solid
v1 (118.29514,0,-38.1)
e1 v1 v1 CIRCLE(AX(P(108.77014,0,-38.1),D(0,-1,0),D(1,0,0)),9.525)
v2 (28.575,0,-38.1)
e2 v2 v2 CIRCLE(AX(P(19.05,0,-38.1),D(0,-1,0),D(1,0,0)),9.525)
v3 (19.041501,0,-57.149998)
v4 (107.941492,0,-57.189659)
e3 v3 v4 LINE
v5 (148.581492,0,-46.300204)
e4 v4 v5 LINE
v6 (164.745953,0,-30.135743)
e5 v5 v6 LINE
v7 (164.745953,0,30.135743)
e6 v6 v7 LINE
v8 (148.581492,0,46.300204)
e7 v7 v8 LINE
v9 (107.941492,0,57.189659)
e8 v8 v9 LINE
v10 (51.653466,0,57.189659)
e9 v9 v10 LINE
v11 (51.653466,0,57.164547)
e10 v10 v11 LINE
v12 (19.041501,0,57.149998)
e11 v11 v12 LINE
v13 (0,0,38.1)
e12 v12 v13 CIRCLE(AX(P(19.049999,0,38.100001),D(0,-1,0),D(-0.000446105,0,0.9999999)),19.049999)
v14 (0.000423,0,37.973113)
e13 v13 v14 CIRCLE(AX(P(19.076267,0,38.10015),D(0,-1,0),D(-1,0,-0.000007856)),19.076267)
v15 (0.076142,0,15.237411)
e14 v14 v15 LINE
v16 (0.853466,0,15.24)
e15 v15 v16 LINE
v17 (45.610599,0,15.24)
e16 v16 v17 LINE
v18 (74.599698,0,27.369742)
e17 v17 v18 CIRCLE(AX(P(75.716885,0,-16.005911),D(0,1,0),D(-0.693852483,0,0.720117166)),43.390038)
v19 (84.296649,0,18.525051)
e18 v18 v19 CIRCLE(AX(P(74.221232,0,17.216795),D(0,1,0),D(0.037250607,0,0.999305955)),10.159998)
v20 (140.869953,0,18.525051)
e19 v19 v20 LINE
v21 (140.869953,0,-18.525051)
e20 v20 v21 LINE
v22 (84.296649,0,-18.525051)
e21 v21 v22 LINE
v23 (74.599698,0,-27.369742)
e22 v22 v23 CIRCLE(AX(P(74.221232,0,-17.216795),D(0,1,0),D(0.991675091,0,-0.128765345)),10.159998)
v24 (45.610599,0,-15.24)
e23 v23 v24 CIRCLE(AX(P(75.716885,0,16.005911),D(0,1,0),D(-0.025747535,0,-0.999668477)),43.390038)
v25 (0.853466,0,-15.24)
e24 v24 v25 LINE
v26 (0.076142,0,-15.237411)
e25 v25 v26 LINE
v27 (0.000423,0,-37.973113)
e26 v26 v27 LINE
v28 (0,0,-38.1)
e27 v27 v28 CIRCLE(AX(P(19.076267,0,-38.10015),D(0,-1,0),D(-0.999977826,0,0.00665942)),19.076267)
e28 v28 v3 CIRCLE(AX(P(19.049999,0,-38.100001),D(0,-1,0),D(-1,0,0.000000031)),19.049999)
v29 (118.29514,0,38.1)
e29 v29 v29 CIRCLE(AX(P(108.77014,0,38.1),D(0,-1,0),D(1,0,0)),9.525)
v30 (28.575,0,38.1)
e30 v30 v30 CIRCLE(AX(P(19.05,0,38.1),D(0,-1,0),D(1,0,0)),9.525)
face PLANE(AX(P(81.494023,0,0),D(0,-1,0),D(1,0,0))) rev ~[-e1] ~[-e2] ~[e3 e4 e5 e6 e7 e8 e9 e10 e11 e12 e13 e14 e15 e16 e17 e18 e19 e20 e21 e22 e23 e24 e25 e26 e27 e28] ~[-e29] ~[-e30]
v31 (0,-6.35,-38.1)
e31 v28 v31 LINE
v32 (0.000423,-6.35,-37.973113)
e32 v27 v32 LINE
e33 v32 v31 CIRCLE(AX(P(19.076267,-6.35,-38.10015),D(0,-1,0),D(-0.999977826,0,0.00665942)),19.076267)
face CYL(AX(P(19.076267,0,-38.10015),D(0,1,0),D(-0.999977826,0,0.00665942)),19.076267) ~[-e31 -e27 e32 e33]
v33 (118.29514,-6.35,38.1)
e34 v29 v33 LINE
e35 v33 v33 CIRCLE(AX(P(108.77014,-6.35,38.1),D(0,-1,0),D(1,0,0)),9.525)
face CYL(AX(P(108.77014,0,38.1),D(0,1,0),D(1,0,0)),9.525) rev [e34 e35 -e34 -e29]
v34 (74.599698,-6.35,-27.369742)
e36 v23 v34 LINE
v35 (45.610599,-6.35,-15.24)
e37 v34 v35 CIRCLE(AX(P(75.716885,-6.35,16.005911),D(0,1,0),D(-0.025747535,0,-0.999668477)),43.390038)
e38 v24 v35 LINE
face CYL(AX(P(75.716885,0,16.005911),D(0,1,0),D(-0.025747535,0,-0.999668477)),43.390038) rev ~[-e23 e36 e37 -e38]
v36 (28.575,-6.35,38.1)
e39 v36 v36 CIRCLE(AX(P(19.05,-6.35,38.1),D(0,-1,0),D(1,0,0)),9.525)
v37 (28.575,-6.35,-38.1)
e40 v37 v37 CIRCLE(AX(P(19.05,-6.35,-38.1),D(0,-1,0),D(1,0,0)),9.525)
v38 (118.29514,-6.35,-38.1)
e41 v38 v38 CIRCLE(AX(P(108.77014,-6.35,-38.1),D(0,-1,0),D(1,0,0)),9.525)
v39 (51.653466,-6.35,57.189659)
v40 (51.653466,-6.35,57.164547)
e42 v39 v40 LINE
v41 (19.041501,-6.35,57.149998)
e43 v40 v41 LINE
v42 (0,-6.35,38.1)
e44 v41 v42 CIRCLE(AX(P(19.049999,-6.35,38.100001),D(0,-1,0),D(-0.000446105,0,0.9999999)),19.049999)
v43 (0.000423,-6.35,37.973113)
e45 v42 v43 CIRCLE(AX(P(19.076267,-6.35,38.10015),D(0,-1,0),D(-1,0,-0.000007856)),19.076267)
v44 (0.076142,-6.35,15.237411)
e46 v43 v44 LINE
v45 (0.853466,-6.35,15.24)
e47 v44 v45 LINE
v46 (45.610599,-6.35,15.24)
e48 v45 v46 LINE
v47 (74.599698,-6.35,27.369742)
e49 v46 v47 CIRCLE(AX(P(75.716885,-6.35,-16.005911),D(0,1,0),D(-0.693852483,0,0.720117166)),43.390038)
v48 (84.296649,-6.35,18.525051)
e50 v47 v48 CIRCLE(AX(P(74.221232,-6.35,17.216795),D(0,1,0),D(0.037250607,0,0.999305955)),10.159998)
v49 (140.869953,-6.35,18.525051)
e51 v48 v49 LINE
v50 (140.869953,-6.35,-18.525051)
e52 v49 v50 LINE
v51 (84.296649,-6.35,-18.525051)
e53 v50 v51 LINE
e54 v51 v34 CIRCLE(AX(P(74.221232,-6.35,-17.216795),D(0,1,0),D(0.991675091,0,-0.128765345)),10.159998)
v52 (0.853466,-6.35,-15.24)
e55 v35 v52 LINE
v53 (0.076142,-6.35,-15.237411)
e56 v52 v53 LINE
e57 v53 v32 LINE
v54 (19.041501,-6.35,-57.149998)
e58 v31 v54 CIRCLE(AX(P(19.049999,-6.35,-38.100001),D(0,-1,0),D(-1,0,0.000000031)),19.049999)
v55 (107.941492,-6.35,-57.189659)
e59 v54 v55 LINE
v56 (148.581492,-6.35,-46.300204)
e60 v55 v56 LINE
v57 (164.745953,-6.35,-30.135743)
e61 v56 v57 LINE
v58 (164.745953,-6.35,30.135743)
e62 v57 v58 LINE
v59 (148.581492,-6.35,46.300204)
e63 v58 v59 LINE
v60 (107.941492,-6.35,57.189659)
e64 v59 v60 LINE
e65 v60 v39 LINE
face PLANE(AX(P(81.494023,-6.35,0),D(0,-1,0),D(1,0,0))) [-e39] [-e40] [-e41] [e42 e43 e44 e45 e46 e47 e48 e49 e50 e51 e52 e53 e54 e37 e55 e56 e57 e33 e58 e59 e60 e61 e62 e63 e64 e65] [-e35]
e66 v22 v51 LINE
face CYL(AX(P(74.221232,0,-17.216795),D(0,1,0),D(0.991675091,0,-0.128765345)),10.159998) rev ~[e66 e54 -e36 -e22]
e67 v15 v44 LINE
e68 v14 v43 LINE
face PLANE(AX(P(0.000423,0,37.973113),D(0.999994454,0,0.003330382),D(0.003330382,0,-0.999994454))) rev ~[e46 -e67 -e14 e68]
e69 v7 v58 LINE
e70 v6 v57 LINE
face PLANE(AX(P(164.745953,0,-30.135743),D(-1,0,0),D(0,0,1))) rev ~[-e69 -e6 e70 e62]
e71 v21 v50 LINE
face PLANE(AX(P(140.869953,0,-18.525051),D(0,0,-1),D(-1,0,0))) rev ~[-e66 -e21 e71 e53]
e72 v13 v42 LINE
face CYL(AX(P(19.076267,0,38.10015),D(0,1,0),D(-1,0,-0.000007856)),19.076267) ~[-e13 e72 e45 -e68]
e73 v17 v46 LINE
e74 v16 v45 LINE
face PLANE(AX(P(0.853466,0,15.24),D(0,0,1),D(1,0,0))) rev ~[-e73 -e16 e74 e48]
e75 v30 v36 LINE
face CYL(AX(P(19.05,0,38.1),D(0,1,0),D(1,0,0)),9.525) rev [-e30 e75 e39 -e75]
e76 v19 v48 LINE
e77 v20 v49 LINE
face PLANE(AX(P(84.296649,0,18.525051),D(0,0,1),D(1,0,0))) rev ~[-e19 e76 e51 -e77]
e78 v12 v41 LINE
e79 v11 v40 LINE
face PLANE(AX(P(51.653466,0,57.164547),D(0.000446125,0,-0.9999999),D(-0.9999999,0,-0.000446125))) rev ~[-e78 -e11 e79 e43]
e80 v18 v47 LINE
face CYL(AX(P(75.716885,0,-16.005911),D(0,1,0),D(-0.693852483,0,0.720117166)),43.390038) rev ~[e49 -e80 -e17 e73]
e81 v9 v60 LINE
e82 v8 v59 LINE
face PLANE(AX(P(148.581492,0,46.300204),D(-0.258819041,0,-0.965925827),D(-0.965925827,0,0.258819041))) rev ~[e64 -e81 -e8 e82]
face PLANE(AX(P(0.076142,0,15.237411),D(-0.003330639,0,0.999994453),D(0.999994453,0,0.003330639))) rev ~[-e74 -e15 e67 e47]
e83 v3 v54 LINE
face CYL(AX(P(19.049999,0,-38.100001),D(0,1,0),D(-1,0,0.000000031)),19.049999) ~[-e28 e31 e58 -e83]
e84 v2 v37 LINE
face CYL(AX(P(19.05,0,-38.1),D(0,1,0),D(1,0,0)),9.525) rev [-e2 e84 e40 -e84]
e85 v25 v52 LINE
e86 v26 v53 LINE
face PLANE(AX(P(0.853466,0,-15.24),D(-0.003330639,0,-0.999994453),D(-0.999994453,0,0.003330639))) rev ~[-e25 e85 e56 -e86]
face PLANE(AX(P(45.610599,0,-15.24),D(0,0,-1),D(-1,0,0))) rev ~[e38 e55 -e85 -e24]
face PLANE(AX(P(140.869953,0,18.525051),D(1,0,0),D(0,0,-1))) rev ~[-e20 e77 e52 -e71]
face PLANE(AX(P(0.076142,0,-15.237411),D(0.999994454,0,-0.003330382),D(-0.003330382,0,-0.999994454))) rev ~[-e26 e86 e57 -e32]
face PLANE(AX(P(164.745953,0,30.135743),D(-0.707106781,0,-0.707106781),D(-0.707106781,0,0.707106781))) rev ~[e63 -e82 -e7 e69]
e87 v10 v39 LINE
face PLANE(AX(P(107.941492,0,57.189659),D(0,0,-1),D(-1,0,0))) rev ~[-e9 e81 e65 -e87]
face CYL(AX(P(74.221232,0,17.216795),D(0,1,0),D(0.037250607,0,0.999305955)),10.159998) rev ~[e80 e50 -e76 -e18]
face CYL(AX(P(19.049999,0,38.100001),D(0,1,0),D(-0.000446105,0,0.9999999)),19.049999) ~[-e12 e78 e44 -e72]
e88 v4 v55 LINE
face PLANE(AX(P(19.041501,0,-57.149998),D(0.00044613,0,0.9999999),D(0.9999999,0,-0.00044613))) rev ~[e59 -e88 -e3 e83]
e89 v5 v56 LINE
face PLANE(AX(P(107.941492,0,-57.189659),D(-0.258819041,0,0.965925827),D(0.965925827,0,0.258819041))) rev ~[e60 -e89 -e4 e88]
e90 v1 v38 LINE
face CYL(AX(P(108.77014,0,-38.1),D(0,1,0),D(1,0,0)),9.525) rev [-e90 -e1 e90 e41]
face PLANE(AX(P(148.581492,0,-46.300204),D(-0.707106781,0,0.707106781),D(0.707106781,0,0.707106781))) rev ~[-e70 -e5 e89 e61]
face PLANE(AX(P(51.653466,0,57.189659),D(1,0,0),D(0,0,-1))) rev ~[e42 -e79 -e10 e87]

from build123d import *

# Parameters (mm, degrees)
F0_R     = 9.525
F1_DEPTH = 6.35


with BuildPart() as f1:
    # F0 (on Front) → F1 (new body)
    with BuildSketch(Plane.XZ):
        with BuildLine():
            Line((0.076142, 15.237411), (0.853466, 15.24))
            Line((0.853466, 15.24), (45.610599, 15.24))
            ThreePointArc((45.610599, 15.24), (58.968483, 24.02141), (74.599698, 27.369742))
            ThreePointArc((74.599698, 27.369742), (81.067987, 24.723293), (84.296649, 18.525051))
            Line((84.296649, 18.525051), (140.869953, 18.525051))
            Line((140.869953, 18.525051), (140.869953, 1.794949))
            Line((140.869953, 1.794949), (140.869953, -1.794949))
            Line((140.869953, -1.794949), (140.869953, -18.525051))
            Line((140.869953, -18.525051), (84.296649, -18.525051))
            ThreePointArc((84.296649, -18.525051), (81.067987, -24.723293), (74.599698, -27.369742))
            ThreePointArc((74.599698, -27.369742), (58.968483, -24.02141), (45.610599, -15.24))
            Line((45.610599, -15.24), (0.853466, -15.24))
            Line((0.853466, -15.24), (0.076142, -15.237411))
            Line((0.076142, -15.237411), (0.000423, -37.973113))
            ThreePointArc((0.000423, -37.973113), (0.000106, -38.036556), (0, -38.1))
            ThreePointArc((0, -38.1), (5.576611, -51.567379), (19.041501, -57.149998))
            Line((19.041501, -57.149998), (107.941492, -57.189659))
            Line((107.941492, -57.189659), (148.581492, -46.300204))
            Line((148.581492, -46.300204), (164.745953, -30.135743))
            Line((164.745953, -30.135743), (164.745953, 1.837931))
            Line((164.745953, 1.837931), (164.745953, 30.135743))
            Line((164.745953, 30.135743), (148.581492, 46.300204))
            Line((148.581492, 46.300204), (107.941492, 57.189659))
            Line((107.941492, 57.189659), (51.653466, 57.164547))
            Line((51.653466, 57.164547), (19.041501, 57.149998))
            ThreePointArc((19.041501, 57.149998), (5.576611, 51.567379), (0, 38.1))
            ThreePointArc((0, 38.1), (0.000106, 38.036556), (0.000423, 37.973113))
            Line((0.000423, 37.973113), (0.076142, 15.237411))
        make_face()
        with Locations((19.05, -38.1)):
            Circle(F0_R, mode=Mode.SUBTRACT)
        with Locations((108.77014, -38.1)):
            Circle(F0_R, mode=Mode.SUBTRACT)
        with Locations((19.05, 38.1)):
            Circle(F0_R, mode=Mode.SUBTRACT)
        with Locations((108.77014, 38.1)):
            Circle(F0_R, mode=Mode.SUBTRACT)
        Polygon((51.653466, 57.189659), (51.653466, 57.164547), (107.941492, 57.189659), align=None)
    extrude(amount=F1_DEPTH)


solid = f1.part
